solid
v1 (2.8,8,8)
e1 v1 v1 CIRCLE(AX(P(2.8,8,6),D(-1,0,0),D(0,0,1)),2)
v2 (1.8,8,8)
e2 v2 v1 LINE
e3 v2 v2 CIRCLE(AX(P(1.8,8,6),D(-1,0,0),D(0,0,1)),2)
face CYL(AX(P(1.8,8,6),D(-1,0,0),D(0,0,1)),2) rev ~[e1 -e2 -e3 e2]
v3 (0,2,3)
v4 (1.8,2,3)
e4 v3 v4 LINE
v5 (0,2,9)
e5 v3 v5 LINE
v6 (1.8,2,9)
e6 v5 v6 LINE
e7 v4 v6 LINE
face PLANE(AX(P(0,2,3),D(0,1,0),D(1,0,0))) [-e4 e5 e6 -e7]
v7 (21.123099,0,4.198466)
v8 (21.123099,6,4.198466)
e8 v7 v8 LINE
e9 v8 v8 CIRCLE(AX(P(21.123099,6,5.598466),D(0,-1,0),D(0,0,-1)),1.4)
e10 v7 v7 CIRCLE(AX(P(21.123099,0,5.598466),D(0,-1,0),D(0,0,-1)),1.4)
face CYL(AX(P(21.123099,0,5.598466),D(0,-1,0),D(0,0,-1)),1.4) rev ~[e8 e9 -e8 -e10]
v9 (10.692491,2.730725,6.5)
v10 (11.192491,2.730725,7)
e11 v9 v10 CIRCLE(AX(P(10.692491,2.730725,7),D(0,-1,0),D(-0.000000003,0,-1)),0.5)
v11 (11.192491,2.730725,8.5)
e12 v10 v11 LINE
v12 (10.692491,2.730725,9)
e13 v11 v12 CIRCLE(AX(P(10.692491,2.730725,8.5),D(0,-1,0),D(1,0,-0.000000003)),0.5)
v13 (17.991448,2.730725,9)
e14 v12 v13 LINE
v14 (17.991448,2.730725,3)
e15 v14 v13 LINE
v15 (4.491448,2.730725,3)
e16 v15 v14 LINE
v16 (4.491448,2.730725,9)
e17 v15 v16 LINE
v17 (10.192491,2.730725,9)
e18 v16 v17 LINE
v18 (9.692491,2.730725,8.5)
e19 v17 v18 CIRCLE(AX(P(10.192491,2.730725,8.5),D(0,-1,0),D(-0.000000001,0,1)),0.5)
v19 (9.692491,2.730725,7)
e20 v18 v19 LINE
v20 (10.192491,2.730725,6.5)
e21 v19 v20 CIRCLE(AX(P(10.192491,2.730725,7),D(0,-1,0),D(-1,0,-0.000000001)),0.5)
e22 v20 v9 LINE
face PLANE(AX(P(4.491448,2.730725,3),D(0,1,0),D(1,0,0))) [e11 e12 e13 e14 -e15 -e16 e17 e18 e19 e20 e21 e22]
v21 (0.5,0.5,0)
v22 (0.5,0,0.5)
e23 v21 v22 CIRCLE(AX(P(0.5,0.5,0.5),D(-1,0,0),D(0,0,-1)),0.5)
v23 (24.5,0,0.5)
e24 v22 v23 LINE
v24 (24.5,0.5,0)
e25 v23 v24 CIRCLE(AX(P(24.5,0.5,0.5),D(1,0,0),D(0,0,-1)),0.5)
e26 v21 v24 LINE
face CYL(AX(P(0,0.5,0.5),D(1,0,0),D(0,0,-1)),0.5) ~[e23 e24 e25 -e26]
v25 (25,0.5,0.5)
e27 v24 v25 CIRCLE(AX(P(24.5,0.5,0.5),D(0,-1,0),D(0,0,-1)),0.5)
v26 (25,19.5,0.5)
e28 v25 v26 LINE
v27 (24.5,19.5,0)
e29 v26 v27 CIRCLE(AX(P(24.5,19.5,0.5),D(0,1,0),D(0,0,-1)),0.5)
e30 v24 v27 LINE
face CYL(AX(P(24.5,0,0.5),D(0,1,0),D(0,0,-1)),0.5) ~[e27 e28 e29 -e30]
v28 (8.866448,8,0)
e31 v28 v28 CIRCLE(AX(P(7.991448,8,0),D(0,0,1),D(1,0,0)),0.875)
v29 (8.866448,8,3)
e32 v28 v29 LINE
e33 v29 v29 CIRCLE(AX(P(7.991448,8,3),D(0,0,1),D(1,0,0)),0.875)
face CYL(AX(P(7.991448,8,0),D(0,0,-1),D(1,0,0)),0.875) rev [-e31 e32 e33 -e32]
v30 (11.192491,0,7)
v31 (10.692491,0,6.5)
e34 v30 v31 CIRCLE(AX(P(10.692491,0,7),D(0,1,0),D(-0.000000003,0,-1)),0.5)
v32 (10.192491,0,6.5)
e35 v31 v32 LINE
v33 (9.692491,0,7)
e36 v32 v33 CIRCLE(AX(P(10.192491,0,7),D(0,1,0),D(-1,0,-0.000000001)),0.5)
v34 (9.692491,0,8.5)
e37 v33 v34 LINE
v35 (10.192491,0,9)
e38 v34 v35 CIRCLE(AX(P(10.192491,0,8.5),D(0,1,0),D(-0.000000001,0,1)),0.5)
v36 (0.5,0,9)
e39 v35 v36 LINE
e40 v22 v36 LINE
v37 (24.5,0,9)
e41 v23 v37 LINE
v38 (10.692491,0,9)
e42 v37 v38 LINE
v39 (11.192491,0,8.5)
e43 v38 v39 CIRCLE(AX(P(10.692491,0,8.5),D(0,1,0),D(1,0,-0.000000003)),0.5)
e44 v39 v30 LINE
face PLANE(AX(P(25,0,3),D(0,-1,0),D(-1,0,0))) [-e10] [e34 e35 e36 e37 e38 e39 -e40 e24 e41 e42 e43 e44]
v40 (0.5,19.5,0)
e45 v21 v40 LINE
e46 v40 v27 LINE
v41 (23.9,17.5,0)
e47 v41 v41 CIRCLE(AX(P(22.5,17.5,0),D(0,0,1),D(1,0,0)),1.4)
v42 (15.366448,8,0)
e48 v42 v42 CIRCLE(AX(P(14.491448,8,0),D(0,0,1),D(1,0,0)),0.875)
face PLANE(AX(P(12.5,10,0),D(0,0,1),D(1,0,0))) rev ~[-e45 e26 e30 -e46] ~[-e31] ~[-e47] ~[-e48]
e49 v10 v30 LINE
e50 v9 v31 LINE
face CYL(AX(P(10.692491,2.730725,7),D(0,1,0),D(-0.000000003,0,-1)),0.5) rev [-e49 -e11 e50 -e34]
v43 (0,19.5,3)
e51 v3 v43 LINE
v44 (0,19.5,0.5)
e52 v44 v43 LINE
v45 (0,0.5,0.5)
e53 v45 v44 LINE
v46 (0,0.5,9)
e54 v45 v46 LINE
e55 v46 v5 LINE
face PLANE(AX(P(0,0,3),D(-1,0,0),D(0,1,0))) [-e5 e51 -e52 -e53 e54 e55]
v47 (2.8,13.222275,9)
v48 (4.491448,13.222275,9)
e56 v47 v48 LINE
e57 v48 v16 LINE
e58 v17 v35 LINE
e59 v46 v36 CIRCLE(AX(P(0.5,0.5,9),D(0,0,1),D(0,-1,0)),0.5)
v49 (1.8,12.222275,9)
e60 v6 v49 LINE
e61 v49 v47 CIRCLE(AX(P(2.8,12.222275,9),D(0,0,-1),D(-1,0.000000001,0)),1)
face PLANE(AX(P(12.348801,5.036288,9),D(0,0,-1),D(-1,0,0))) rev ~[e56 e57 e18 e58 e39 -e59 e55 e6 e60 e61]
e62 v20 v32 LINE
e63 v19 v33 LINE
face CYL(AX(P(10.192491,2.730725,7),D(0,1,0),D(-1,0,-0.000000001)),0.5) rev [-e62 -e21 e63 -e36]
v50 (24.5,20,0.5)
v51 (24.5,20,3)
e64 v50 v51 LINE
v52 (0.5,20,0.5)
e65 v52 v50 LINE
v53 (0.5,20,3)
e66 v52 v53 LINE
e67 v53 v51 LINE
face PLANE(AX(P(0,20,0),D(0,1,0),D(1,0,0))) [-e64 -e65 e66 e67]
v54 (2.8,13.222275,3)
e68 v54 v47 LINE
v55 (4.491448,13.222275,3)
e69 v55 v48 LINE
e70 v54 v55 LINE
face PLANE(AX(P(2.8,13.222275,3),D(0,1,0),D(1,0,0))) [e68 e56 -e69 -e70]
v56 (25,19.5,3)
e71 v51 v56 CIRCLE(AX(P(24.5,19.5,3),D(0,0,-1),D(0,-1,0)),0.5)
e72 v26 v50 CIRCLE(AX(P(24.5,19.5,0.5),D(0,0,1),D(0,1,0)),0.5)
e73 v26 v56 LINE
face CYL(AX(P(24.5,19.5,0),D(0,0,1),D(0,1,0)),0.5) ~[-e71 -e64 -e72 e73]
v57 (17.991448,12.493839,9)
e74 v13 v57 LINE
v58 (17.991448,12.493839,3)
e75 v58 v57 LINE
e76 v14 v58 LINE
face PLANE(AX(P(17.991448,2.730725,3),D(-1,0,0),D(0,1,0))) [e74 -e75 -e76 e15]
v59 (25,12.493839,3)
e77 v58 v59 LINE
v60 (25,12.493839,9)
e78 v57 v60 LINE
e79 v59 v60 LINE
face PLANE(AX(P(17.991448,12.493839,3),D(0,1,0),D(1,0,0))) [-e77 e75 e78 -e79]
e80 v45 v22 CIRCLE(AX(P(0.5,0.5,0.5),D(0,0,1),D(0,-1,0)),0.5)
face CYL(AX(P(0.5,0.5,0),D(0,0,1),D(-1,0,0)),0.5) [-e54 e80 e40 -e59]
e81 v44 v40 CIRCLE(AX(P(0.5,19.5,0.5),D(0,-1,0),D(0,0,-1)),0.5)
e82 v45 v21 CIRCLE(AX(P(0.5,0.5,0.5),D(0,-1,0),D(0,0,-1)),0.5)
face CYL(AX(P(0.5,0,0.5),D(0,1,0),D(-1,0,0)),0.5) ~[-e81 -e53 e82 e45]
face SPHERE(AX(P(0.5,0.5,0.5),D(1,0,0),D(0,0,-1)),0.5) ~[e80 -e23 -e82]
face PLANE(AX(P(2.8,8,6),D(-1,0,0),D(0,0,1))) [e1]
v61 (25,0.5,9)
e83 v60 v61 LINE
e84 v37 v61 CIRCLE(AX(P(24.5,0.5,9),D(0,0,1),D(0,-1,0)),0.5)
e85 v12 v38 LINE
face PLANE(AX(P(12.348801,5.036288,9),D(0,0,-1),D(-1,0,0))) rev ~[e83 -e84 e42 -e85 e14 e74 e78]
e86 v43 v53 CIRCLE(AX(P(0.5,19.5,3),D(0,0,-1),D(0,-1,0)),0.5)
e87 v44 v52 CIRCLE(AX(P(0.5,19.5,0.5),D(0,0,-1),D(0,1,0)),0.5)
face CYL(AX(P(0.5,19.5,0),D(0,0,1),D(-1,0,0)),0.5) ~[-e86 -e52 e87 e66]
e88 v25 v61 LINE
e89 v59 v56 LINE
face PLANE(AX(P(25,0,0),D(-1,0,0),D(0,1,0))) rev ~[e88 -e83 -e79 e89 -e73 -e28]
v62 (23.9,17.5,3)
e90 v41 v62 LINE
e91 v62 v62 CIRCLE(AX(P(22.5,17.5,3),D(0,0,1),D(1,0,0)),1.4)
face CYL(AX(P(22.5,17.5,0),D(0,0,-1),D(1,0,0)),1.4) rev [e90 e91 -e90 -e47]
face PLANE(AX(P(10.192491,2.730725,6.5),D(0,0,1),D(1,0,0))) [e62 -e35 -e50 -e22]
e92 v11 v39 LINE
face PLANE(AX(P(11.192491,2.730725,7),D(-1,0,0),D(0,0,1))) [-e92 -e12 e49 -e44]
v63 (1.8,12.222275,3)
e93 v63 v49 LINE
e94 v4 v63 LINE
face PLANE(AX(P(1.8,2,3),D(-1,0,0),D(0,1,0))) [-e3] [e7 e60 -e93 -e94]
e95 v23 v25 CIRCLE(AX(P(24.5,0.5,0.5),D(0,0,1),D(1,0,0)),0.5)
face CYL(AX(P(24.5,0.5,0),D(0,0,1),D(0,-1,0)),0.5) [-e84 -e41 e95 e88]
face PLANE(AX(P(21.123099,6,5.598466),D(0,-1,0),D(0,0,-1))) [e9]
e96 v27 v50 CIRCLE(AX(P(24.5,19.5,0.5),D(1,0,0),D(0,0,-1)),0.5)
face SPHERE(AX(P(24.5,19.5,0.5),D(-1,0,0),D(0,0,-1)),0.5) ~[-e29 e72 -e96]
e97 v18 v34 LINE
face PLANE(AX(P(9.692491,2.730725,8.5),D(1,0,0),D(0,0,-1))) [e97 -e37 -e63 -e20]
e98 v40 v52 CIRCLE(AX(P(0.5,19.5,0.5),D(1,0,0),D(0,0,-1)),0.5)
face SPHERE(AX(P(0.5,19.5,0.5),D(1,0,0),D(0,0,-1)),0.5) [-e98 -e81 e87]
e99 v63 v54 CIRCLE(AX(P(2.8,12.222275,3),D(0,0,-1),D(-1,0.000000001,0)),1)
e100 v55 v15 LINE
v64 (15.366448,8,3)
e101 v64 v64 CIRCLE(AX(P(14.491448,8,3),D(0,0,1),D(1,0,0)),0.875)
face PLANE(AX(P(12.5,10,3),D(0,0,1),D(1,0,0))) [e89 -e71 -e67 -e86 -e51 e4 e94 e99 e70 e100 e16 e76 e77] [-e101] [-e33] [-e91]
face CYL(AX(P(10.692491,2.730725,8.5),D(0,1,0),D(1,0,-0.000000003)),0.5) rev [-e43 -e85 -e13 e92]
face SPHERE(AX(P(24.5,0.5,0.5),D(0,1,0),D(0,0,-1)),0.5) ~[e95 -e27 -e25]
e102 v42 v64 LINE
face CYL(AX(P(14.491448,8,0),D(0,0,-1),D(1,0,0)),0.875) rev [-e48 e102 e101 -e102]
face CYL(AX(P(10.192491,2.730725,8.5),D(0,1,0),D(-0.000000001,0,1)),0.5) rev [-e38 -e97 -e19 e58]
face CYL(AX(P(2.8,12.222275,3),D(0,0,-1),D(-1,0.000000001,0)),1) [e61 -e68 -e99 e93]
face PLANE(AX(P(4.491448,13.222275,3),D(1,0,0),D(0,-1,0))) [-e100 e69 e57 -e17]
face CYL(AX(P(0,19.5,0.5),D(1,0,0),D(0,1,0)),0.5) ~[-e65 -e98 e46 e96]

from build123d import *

# Parameters (mm, degrees)
ESQUISSE1_W             = 25
ESQUISSE1_H             = 20
ESQUISSE1_R             = 1.4
ESQUISSE1_R_2           = 0.875
BOSS_EXTRU_1_DEPTH      = 3
BOSS_EXTRU_2_DEPTH      = 6
ENL_V_MAT_EXTRU_1_DEPTH = 6
ESQUISSE4_R             = 2
ENL_V_MAT_EXTRU_2_DEPTH = 1
CONG_1_R                = 0.5
ESQUISSE5_R             = 1.4
ENL_V_MAT_EXTRU_3_DEPTH = 6


with BuildPart() as part:
    # Esquisse1 → Boss.-Extru.1 (new body)
    with BuildSketch(Plane.XY):
        with Locations((12.5, 10)):
            Rectangle(ESQUISSE1_W, ESQUISSE1_H)
        with Locations((22.5, 17.5)):
            Circle(ESQUISSE1_R, mode=Mode.SUBTRACT)
        with Locations((14.491447915, 8)):
            Circle(ESQUISSE1_R_2, mode=Mode.SUBTRACT)
        with Locations((7.991447915, 8)):
            Circle(ESQUISSE1_R_2, mode=Mode.SUBTRACT)
    extrude(amount=BOSS_EXTRU_1_DEPTH)

    # Esquisse2 → Boss.-Extru.2 (add)
    with BuildSketch(Plane.XY.offset(3)):
        with BuildLine():
            Line((0, 2), (1.8, 2))
            Line((1.8, 2), (1.8, 12.222275421))
            ThreePointArc((1.8, 12.222275421), (2.092893219, 12.929382202), (2.8, 13.222275421))
            Line((2.8, 13.222275421), (4.491447915, 13.222275421))
            Line((4.491447915, 13.222275421), (4.491447915, 2.730724668))
            Line((4.491447915, 2.730724668), (17.991447915, 2.730724668))
            Line((17.991447915, 2.730724668), (17.991447915, 12.493838982))
            Line((17.991447915, 12.493838982), (25, 12.493838982))
            Line((25, 12.493838982), (25, 0))
            Line((25, 0), (0, 0))
            Line((0, 0), (0, 2))
        make_face()
    extrude(amount=BOSS_EXTRU_2_DEPTH)

    # Esquisse3 → Enlèv. mat.-Extru.1 (cut)
    with BuildSketch(Plane(origin=(0, 2.730724668, 0), x_dir=(1, 0, 0), z_dir=(0, 1, 0))):
        with BuildLine():
            Line((9.692490841, -8.5), (9.692490841, -7))
            ThreePointArc((9.692490841, -7), (9.838937451, -6.646446609), (10.192490841, -6.5))
            Line((10.192490841, -6.5), (10.692490841, -6.5))
            ThreePointArc((10.692490841, -6.5), (11.046044232, -6.646446609), (11.192490841, -7))
            Line((11.192490841, -7), (11.192490841, -8.5))
            ThreePointArc((11.192490841, -8.5), (11.046044232, -8.853553391), (10.692490841, -9))
            Line((10.692490841, -9), (10.192490841, -9))
            ThreePointArc((10.192490841, -9), (9.838937451, -8.853553391), (9.692490841, -8.5))
        make_face()
    extrude(amount=-ENL_V_MAT_EXTRU_1_DEPTH, mode=Mode.SUBTRACT)

    # Esquisse4 → Enlèv. mat.-Extru.2 (cut)
    with BuildSketch(Plane.ZY.offset(-1.8)):
        with Locations((6, 8)):
            Circle(ESQUISSE4_R)
    extrude(amount=-ENL_V_MAT_EXTRU_2_DEPTH, mode=Mode.SUBTRACT)

    # Congé1
    cong_1_edges = [part.edges().sort_by_distance(p)[0] for p in [
        (12.5, 20, 0),
        (25, 10, 0),
        (12.5, 0, 0),
        (0, 10, 0),
        (0, 20, 1.5),
        (25, 20, 1.5),
        (25, 0, 4.5),
        (0, 0, 4.5),
    ]]
    fillet(cong_1_edges, radius=CONG_1_R)

    # Esquisse5 → Enlèv. mat.-Extru.3 (cut)
    with BuildSketch(Plane.XZ):
        with Locations(Location((21.12309895, 5.598466424, 0), (0, 0, 270))):
            Circle(ESQUISSE5_R)
    extrude(amount=-ENL_V_MAT_EXTRU_3_DEPTH, mode=Mode.SUBTRACT)


solid = part.part
